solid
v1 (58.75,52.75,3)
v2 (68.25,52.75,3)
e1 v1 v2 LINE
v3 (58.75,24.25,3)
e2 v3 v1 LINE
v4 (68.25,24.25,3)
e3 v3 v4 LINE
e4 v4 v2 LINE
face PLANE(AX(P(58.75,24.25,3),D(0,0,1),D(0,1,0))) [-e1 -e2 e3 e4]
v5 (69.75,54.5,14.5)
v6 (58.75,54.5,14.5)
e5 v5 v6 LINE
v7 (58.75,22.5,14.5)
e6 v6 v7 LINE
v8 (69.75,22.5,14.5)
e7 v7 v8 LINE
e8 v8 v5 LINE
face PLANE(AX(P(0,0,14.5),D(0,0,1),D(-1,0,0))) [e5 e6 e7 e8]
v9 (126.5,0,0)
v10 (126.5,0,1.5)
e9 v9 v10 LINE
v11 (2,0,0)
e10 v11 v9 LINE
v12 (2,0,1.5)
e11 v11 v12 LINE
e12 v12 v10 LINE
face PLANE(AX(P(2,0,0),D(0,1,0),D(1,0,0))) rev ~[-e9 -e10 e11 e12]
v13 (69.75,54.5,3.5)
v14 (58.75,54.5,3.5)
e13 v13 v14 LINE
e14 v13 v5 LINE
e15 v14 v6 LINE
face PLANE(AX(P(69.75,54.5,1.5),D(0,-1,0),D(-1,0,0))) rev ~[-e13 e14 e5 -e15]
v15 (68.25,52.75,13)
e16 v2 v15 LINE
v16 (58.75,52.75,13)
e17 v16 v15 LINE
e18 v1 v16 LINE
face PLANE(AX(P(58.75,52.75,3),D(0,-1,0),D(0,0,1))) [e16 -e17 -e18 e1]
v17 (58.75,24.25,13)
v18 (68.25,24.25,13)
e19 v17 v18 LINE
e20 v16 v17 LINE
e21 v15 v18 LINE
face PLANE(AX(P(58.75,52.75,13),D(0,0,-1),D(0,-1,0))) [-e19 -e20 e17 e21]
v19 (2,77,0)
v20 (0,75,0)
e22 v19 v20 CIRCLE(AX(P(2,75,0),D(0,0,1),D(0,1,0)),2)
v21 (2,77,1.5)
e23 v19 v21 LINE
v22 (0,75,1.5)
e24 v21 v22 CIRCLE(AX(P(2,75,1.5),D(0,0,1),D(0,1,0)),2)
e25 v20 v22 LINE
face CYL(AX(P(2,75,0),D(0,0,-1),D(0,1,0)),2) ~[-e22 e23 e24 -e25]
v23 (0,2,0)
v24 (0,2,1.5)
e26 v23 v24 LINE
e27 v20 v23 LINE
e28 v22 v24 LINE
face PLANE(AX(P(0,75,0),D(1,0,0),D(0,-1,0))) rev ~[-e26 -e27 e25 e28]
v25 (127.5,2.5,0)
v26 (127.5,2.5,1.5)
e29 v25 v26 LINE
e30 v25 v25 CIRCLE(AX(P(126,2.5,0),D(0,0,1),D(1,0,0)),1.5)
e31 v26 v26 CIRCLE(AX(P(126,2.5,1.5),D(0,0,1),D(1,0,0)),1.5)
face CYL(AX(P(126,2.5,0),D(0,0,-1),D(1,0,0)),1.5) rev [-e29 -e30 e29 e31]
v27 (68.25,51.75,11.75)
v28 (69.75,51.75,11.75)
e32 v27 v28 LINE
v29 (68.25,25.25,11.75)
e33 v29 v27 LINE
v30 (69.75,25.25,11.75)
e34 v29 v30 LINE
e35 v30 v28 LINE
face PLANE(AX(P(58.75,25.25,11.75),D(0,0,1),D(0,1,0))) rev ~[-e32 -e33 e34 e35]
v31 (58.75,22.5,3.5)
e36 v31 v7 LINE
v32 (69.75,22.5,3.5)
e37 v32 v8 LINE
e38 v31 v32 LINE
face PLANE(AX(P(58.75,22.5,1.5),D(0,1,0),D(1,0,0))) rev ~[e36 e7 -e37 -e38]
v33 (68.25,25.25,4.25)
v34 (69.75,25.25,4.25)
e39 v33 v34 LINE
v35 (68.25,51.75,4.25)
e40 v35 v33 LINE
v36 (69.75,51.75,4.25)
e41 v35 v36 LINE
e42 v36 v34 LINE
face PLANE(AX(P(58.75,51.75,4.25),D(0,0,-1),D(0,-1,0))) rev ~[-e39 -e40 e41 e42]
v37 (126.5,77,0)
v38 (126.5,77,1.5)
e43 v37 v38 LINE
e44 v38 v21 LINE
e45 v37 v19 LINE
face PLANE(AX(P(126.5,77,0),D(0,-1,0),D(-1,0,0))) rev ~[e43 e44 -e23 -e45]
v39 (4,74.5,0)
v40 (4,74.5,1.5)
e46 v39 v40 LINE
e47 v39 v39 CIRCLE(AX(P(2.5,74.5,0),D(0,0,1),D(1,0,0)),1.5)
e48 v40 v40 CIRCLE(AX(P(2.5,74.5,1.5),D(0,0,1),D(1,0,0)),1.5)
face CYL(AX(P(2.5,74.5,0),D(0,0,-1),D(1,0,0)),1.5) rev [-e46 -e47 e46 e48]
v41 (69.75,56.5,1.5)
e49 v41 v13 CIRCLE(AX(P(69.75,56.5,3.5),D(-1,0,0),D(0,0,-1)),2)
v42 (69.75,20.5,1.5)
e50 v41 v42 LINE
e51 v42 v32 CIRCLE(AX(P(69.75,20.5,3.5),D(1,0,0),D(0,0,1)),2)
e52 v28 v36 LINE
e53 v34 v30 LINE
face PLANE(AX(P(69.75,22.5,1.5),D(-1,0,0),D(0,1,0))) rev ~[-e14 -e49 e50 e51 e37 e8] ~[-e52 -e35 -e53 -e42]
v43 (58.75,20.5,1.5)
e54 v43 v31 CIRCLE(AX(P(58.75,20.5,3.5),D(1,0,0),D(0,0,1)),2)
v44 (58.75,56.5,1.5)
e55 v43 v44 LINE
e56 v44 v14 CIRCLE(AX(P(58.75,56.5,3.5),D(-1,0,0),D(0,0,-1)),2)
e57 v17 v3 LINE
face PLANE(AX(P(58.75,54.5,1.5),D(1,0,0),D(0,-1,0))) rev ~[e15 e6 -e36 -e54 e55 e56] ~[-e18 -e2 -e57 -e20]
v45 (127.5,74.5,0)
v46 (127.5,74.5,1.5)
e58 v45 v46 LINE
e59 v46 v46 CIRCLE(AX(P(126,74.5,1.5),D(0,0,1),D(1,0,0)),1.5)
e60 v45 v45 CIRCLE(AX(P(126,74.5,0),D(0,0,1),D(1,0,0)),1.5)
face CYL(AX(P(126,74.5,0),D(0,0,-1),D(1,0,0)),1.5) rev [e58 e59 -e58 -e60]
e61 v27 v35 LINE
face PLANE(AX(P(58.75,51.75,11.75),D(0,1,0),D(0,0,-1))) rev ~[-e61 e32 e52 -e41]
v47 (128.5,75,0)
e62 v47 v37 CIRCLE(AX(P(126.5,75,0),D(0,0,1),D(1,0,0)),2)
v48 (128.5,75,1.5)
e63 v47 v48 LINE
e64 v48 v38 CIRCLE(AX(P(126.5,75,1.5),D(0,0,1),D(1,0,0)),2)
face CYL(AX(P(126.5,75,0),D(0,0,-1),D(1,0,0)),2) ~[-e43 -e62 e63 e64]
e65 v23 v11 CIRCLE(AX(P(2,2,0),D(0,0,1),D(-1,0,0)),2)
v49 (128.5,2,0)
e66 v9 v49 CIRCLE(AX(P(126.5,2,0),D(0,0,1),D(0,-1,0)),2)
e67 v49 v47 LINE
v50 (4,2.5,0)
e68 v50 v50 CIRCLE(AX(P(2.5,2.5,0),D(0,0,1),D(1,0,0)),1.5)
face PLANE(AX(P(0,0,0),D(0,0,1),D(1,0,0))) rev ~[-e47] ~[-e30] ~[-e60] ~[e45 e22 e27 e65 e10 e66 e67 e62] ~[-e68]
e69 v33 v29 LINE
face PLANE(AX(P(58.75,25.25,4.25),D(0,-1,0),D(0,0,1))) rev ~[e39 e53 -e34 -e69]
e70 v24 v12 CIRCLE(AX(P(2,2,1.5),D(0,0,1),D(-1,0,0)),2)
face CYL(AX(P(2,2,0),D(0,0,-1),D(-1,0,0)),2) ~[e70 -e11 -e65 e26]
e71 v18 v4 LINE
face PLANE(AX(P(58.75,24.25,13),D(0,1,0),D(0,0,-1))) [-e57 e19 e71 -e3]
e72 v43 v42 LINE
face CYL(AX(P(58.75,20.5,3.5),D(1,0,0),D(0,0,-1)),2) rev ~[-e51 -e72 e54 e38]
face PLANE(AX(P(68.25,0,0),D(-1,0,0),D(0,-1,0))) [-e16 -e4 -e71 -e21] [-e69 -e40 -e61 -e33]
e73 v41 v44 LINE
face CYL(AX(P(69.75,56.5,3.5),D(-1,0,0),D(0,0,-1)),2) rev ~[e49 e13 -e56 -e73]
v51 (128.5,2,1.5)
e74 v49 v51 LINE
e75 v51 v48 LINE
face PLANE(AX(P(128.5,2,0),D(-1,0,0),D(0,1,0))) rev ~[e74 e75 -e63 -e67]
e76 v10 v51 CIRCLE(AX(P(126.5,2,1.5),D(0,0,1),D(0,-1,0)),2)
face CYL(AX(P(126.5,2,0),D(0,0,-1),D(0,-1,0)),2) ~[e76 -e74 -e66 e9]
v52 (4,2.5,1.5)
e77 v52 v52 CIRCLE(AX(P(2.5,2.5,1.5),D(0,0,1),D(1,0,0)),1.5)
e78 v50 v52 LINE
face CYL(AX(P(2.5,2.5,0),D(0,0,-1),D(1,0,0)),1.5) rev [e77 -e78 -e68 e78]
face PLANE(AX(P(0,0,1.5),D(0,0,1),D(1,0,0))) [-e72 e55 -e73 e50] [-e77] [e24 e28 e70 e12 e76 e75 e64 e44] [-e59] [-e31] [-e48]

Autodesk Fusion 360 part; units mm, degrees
sketch "Sketch1" plane through (0, 0, 0) normal (0, 0, 1) x (1, 0, 0)
  line L0 (2, 0) -> (126.5, 0)
  line L1 (128.5, 2) -> (128.5, 75)
  line L2 (126.5, 77) -> (2, 77)
  line L3 (0, 75) -> (0, 2)
  line L4 (0, 74.5) -> (128.5, 74.5) construction
  line L5 (0, 2.5) -> (128.5, 2.5) construction
  line L6 (126, 77) -> (126, 0) construction
  line L7 (2.5, 77) -> (2.5, 0) construction
  circle A0 centre (2.5, 74.5) radius 1.5
  circle A1 centre (126, 74.5) radius 1.5
  circle A2 centre (126, 2.5) radius 1.5
  circle A3 centre (2.5, 2.5) radius 1.5
  arc A4 (2, 77) -> (0, 75) centre (2, 75) ccw
  arc A5 (128.5, 75) -> (126.5, 77) centre (126.5, 75) ccw
  arc A6 (126.5, 0) -> (128.5, 2) centre (126.5, 2) ccw
  arc A7 (0, 2) -> (2, 0) centre (2, 2) ccw
  point P0 (128.5, 0)
  point P1 (0, 77)
  dimension "d1" = 128.5
  dimension "d2" = 77
  dimension "d4" = 3
  dimension "d5" = 3
  dimension "d6" = 3
  dimension "d7" = 3
  dimension "d8" = 2.5
  dimension "d9" = 2.5
  dimension "d10" = 2.5
  dimension "d11" = 2.5
  dimension "d12" = 2
  dimension "d13" = 2
  dimension "d14" = 2
  dimension "d15" = 2
extrude "Extrude1" add sketch "Sketch1" along normal blind 1.5
sketch "Sketch2" plane through (0, 0, 1.5) normal (0, 0, 1) x (-1, 0, 0)
  circle A0 centre (-2.5, -74.5) radius 1.5
  circle A1 centre (-2.5, -2.5) radius 1.5
  circle A2 centre (-126, -2.5) radius 1.5
  circle A3 centre (-126, -74.5) radius 1.5
  arc A4 (0, -2) -> (-2, 0) centre (-2, -2) ccw
  line L0 (-2, 0) -> (-126.5, 0)
  arc A5 (-126.5, 0) -> (-128.5, -2) centre (-126.5, -2) ccw
  line L1 (-128.5, -2) -> (-128.5, -75)
  arc A6 (-128.5, -75) -> (-126.5, -77) centre (-126.5, -75) ccw
  line L2 (-126.5, -77) -> (-2, -77)
  arc A7 (-2, -77) -> (0, -75) centre (-2, -75) ccw
  line L3 (0, -75) -> (0, -2)
  line L4 (0, -38.5) -> (-128.5, -38.5) construction
  line L5 (-64.25, -77) -> (-64.25, 0) construction
  line L6 (-58.75, -22.5) -> (-69.75, -22.5)
  line L7 (-69.75, -22.5) -> (-69.75, -54.5)
  line L8 (-69.75, -54.5) -> (-58.75, -54.5)
  line L9 (-58.75, -54.5) -> (-58.75, -22.5)
  line L10 (-58.75, -22.5) -> (-69.75, -54.5) construction
  line L11 (-69.75, -22.5) -> (-58.75, -54.5) construction
  point P0 (-64.25, -38.5)
  dimension "d18" = 11
  dimension "d19" = 32
extrude "Extrude2" add sketch "Sketch2" along normal blind 13 contours L6 L7 L8 L9
sketch "Sketch3" plane through (58.75, 0, 0) normal (-1, 0, 0) x (0, -1, 0)
  line L0 (-54.5, 1.5) -> (-22.5, 1.5)
  line L1 (-22.5, 1.5) -> (-22.5, 14.5)
  line L2 (-22.5, 14.5) -> (-54.5, 14.5)
  line L3 (-54.5, 14.5) -> (-54.5, 1.5)
  line L4 (-54.5, 8) -> (-22.5, 8) construction
  line L5 (-38.5, 14.5) -> (-38.5, 1.5) construction
  line L6 (-24.25, 3) -> (-52.75, 3)
  line L7 (-52.75, 3) -> (-52.75, 13)
  line L8 (-52.75, 13) -> (-24.25, 13)
  line L9 (-24.25, 13) -> (-24.25, 3)
  line L10 (-24.25, 3) -> (-52.75, 13) construction
  line L11 (-52.75, 3) -> (-24.25, 13) construction
  line L12 (-25.25, 11.75) -> (-51.75, 11.75)
  line L13 (-51.75, 11.75) -> (-51.75, 4.25)
  line L14 (-51.75, 4.25) -> (-25.25, 4.25)
  line L15 (-25.25, 4.25) -> (-25.25, 11.75)
  line L16 (-25.25, 11.75) -> (-51.75, 4.25) construction
  line L17 (-51.75, 11.75) -> (-25.25, 4.25) construction
  point P0 (-38.5, 8)
  point P1 (-38.5, 8)
  dimension "d22" = 28.5
  dimension "d23" = 10
  dimension "d24" = 26.5
  dimension "d25" = 7.5
extrude "Extrude3" cut sketch "Sketch3" against normal blind 30 contours L12 L13 L14 L15
extrude "Extrude4" cut sketch "Sketch3" against normal blind 9.5 contours L6 L7 L8 L9
fillet "Fillet1" radius 2 1 edges at (64.25, 22.5, 1.5)
fillet "Fillet2" radius 2 1 edges at (64.25, 54.5, 1.5)
equation "mounting_hole = 3 mm"
equation "d4 = mounting_hole"
equation "d5 = mounting_hole"
equation "d6 = mounting_hole"
equation "d7 = mounting_hole"
